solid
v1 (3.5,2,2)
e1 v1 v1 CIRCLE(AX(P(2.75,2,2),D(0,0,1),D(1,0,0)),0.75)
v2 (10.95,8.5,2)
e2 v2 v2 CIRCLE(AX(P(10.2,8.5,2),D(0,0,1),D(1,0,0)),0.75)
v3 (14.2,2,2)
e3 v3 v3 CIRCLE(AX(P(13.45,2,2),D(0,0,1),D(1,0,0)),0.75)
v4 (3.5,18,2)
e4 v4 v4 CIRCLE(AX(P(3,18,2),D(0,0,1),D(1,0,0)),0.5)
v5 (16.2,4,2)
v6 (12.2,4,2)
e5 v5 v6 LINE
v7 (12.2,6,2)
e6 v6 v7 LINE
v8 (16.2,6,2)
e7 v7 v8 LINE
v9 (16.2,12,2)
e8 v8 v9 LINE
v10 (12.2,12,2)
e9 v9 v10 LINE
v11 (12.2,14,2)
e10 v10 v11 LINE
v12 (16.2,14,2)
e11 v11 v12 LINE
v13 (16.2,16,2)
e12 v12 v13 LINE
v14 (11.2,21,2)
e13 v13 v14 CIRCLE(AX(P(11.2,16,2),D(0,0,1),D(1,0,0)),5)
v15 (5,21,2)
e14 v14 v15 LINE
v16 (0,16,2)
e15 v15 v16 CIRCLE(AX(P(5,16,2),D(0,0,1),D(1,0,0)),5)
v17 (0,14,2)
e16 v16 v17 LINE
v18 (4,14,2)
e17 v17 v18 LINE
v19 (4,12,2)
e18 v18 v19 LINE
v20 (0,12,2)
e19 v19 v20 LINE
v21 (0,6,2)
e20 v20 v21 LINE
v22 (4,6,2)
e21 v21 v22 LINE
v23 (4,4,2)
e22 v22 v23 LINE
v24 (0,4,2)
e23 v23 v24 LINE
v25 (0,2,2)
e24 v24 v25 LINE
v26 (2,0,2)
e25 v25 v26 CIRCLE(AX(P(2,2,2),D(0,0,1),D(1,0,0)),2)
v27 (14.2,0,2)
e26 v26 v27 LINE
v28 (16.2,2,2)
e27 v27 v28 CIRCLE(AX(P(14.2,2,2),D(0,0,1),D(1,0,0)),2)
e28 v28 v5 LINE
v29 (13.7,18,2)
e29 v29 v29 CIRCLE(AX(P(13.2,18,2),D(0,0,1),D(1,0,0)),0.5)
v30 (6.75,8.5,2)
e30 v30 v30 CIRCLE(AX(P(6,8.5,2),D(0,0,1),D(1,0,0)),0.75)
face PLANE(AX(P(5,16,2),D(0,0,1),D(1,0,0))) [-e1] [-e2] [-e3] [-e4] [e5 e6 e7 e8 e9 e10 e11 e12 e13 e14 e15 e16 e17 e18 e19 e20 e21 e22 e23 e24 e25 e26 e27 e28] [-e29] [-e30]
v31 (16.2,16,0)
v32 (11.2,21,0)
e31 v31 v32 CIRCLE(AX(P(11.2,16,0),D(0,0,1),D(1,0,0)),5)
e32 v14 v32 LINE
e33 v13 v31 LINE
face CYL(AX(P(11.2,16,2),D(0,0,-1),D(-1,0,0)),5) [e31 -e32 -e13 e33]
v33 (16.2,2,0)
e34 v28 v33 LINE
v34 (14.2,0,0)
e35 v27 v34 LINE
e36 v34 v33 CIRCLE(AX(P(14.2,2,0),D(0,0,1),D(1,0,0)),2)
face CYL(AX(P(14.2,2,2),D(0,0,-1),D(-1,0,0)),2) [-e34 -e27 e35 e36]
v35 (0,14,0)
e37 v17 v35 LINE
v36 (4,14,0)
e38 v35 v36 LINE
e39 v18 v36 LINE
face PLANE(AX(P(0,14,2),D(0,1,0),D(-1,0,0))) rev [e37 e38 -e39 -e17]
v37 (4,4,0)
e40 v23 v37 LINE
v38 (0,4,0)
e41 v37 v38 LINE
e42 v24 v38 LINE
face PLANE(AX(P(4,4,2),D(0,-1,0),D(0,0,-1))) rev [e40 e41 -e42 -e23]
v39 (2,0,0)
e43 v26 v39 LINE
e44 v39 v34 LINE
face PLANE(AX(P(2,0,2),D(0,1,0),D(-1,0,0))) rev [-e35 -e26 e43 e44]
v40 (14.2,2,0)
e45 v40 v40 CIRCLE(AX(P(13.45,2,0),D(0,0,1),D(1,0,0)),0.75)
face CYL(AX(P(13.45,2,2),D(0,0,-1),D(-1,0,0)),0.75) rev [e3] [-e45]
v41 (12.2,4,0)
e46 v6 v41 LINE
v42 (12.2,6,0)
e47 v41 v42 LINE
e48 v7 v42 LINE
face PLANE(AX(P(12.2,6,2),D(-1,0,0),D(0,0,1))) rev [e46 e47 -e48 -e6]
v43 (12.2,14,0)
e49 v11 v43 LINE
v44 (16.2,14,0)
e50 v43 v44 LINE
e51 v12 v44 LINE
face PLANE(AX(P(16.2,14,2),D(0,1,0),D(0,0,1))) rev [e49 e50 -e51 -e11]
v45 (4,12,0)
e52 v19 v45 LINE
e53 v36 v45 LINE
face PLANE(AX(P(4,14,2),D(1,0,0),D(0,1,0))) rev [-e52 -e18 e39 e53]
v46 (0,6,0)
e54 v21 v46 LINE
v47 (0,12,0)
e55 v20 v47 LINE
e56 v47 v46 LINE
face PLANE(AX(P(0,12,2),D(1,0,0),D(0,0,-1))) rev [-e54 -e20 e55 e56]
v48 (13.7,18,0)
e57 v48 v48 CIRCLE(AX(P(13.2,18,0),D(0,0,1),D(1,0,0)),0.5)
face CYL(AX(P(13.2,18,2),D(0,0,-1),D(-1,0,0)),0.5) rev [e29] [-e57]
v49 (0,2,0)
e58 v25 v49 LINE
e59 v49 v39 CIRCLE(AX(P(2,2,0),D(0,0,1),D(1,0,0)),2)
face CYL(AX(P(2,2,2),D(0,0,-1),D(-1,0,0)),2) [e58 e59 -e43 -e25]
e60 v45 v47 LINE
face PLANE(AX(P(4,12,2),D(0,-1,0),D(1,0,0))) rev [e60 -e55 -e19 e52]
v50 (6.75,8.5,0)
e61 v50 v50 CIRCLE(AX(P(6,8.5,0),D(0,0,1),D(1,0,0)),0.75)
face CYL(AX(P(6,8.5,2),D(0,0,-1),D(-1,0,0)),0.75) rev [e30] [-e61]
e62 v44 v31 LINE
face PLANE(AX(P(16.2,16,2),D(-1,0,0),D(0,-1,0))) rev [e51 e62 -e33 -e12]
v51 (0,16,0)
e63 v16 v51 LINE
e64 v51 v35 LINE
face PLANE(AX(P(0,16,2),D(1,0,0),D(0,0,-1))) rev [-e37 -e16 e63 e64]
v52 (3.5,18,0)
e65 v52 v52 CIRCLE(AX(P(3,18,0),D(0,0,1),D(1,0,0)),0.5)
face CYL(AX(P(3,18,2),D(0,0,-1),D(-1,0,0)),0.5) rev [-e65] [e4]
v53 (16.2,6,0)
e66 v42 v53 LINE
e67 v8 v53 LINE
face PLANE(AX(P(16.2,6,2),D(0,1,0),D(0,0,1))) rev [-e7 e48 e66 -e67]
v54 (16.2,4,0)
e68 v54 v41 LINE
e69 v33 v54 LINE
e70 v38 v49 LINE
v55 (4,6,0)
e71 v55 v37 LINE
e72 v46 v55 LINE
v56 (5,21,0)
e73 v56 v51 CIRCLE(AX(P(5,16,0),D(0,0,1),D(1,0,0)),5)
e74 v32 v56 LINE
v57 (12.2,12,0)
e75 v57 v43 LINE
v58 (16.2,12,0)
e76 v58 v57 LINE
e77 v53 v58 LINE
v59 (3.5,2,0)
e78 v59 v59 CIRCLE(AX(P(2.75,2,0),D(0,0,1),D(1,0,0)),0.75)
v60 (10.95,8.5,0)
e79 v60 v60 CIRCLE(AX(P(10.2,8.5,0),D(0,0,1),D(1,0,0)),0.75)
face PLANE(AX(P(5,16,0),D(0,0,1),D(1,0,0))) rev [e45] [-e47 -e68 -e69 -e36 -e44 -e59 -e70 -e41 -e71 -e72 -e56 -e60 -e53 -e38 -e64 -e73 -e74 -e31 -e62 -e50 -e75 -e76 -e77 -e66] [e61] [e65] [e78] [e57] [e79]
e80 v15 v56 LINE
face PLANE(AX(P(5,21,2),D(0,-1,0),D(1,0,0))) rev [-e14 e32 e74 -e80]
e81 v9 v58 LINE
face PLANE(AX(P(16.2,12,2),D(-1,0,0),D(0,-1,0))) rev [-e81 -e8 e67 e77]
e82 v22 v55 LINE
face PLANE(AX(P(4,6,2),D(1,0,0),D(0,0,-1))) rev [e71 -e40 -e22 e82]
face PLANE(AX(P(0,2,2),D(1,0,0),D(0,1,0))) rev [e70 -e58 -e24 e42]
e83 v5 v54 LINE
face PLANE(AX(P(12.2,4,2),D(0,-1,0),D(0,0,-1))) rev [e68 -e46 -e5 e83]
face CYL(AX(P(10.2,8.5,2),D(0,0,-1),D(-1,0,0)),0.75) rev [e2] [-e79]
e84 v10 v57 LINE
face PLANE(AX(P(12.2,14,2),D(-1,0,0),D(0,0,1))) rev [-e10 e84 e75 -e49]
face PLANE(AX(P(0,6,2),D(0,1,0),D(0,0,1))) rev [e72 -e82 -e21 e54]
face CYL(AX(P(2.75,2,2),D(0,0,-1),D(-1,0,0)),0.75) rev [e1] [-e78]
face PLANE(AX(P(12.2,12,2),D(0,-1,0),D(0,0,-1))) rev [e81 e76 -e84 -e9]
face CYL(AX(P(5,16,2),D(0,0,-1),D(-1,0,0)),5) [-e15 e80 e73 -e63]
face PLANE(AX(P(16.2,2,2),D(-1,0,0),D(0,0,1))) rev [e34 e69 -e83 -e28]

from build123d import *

# Parameters (mm, degrees)
SKETCH1_R           = 0.75
SKETCH1_R_2         = 0.5
BOSS_EXTRUDE1_DEPTH = 2


with BuildPart() as part:
    # Sketch1 → Boss-Extrude1 (new body)
    with BuildSketch(Plane.XY):
        with BuildLine():
            Line((0, 16), (0, 14))
            Line((0, 14), (4, 14))
            Line((4, 14), (4, 12))
            Line((4, 12), (0, 12))
            Line((0, 12), (0, 6))
            Line((0, 6), (4, 6))
            Line((4, 6), (4, 4))
            Line((4, 4), (0, 4))
            Line((0, 4), (0, 2))
            ThreePointArc((0, 2), (0.585786438, 0.585786438), (2, 0))
            Line((2, 0), (14.2, 0))
            ThreePointArc((14.2, 0), (15.614213562, 0.585786438), (16.2, 2))
            Line((16.2, 2), (16.2, 4))
            Line((16.2, 4), (12.2, 4))
            Line((12.2, 4), (12.2, 6))
            Line((12.2, 6), (16.2, 6))
            Line((16.2, 6), (16.2, 12))
            Line((16.2, 12), (12.2, 12))
            Line((12.2, 12), (12.2, 14))
            Line((12.2, 14), (16.2, 14))
            Line((16.2, 14), (16.2, 16))
            ThreePointArc((16.2, 16), (14.735533906, 19.535533906), (11.2, 21))
            Line((11.2, 21), (5, 21))
            ThreePointArc((5, 21), (1.464466094, 19.535533906), (0, 16))
        make_face()
        with Locations((10.2, 8.5)):
            Circle(SKETCH1_R, mode=Mode.SUBTRACT)
        with Locations((6, 8.5)):
            Circle(SKETCH1_R, mode=Mode.SUBTRACT)
        with Locations((3, 18)):
            Circle(SKETCH1_R_2, mode=Mode.SUBTRACT)
        with Locations((13.2, 18)):
            Circle(SKETCH1_R_2, mode=Mode.SUBTRACT)
        with Locations((13.45, 2)):
            Circle(SKETCH1_R, mode=Mode.SUBTRACT)
        with Locations((2.75, 2)):
            Circle(SKETCH1_R, mode=Mode.SUBTRACT)
    extrude(amount=BOSS_EXTRUDE1_DEPTH)


solid = part.part
